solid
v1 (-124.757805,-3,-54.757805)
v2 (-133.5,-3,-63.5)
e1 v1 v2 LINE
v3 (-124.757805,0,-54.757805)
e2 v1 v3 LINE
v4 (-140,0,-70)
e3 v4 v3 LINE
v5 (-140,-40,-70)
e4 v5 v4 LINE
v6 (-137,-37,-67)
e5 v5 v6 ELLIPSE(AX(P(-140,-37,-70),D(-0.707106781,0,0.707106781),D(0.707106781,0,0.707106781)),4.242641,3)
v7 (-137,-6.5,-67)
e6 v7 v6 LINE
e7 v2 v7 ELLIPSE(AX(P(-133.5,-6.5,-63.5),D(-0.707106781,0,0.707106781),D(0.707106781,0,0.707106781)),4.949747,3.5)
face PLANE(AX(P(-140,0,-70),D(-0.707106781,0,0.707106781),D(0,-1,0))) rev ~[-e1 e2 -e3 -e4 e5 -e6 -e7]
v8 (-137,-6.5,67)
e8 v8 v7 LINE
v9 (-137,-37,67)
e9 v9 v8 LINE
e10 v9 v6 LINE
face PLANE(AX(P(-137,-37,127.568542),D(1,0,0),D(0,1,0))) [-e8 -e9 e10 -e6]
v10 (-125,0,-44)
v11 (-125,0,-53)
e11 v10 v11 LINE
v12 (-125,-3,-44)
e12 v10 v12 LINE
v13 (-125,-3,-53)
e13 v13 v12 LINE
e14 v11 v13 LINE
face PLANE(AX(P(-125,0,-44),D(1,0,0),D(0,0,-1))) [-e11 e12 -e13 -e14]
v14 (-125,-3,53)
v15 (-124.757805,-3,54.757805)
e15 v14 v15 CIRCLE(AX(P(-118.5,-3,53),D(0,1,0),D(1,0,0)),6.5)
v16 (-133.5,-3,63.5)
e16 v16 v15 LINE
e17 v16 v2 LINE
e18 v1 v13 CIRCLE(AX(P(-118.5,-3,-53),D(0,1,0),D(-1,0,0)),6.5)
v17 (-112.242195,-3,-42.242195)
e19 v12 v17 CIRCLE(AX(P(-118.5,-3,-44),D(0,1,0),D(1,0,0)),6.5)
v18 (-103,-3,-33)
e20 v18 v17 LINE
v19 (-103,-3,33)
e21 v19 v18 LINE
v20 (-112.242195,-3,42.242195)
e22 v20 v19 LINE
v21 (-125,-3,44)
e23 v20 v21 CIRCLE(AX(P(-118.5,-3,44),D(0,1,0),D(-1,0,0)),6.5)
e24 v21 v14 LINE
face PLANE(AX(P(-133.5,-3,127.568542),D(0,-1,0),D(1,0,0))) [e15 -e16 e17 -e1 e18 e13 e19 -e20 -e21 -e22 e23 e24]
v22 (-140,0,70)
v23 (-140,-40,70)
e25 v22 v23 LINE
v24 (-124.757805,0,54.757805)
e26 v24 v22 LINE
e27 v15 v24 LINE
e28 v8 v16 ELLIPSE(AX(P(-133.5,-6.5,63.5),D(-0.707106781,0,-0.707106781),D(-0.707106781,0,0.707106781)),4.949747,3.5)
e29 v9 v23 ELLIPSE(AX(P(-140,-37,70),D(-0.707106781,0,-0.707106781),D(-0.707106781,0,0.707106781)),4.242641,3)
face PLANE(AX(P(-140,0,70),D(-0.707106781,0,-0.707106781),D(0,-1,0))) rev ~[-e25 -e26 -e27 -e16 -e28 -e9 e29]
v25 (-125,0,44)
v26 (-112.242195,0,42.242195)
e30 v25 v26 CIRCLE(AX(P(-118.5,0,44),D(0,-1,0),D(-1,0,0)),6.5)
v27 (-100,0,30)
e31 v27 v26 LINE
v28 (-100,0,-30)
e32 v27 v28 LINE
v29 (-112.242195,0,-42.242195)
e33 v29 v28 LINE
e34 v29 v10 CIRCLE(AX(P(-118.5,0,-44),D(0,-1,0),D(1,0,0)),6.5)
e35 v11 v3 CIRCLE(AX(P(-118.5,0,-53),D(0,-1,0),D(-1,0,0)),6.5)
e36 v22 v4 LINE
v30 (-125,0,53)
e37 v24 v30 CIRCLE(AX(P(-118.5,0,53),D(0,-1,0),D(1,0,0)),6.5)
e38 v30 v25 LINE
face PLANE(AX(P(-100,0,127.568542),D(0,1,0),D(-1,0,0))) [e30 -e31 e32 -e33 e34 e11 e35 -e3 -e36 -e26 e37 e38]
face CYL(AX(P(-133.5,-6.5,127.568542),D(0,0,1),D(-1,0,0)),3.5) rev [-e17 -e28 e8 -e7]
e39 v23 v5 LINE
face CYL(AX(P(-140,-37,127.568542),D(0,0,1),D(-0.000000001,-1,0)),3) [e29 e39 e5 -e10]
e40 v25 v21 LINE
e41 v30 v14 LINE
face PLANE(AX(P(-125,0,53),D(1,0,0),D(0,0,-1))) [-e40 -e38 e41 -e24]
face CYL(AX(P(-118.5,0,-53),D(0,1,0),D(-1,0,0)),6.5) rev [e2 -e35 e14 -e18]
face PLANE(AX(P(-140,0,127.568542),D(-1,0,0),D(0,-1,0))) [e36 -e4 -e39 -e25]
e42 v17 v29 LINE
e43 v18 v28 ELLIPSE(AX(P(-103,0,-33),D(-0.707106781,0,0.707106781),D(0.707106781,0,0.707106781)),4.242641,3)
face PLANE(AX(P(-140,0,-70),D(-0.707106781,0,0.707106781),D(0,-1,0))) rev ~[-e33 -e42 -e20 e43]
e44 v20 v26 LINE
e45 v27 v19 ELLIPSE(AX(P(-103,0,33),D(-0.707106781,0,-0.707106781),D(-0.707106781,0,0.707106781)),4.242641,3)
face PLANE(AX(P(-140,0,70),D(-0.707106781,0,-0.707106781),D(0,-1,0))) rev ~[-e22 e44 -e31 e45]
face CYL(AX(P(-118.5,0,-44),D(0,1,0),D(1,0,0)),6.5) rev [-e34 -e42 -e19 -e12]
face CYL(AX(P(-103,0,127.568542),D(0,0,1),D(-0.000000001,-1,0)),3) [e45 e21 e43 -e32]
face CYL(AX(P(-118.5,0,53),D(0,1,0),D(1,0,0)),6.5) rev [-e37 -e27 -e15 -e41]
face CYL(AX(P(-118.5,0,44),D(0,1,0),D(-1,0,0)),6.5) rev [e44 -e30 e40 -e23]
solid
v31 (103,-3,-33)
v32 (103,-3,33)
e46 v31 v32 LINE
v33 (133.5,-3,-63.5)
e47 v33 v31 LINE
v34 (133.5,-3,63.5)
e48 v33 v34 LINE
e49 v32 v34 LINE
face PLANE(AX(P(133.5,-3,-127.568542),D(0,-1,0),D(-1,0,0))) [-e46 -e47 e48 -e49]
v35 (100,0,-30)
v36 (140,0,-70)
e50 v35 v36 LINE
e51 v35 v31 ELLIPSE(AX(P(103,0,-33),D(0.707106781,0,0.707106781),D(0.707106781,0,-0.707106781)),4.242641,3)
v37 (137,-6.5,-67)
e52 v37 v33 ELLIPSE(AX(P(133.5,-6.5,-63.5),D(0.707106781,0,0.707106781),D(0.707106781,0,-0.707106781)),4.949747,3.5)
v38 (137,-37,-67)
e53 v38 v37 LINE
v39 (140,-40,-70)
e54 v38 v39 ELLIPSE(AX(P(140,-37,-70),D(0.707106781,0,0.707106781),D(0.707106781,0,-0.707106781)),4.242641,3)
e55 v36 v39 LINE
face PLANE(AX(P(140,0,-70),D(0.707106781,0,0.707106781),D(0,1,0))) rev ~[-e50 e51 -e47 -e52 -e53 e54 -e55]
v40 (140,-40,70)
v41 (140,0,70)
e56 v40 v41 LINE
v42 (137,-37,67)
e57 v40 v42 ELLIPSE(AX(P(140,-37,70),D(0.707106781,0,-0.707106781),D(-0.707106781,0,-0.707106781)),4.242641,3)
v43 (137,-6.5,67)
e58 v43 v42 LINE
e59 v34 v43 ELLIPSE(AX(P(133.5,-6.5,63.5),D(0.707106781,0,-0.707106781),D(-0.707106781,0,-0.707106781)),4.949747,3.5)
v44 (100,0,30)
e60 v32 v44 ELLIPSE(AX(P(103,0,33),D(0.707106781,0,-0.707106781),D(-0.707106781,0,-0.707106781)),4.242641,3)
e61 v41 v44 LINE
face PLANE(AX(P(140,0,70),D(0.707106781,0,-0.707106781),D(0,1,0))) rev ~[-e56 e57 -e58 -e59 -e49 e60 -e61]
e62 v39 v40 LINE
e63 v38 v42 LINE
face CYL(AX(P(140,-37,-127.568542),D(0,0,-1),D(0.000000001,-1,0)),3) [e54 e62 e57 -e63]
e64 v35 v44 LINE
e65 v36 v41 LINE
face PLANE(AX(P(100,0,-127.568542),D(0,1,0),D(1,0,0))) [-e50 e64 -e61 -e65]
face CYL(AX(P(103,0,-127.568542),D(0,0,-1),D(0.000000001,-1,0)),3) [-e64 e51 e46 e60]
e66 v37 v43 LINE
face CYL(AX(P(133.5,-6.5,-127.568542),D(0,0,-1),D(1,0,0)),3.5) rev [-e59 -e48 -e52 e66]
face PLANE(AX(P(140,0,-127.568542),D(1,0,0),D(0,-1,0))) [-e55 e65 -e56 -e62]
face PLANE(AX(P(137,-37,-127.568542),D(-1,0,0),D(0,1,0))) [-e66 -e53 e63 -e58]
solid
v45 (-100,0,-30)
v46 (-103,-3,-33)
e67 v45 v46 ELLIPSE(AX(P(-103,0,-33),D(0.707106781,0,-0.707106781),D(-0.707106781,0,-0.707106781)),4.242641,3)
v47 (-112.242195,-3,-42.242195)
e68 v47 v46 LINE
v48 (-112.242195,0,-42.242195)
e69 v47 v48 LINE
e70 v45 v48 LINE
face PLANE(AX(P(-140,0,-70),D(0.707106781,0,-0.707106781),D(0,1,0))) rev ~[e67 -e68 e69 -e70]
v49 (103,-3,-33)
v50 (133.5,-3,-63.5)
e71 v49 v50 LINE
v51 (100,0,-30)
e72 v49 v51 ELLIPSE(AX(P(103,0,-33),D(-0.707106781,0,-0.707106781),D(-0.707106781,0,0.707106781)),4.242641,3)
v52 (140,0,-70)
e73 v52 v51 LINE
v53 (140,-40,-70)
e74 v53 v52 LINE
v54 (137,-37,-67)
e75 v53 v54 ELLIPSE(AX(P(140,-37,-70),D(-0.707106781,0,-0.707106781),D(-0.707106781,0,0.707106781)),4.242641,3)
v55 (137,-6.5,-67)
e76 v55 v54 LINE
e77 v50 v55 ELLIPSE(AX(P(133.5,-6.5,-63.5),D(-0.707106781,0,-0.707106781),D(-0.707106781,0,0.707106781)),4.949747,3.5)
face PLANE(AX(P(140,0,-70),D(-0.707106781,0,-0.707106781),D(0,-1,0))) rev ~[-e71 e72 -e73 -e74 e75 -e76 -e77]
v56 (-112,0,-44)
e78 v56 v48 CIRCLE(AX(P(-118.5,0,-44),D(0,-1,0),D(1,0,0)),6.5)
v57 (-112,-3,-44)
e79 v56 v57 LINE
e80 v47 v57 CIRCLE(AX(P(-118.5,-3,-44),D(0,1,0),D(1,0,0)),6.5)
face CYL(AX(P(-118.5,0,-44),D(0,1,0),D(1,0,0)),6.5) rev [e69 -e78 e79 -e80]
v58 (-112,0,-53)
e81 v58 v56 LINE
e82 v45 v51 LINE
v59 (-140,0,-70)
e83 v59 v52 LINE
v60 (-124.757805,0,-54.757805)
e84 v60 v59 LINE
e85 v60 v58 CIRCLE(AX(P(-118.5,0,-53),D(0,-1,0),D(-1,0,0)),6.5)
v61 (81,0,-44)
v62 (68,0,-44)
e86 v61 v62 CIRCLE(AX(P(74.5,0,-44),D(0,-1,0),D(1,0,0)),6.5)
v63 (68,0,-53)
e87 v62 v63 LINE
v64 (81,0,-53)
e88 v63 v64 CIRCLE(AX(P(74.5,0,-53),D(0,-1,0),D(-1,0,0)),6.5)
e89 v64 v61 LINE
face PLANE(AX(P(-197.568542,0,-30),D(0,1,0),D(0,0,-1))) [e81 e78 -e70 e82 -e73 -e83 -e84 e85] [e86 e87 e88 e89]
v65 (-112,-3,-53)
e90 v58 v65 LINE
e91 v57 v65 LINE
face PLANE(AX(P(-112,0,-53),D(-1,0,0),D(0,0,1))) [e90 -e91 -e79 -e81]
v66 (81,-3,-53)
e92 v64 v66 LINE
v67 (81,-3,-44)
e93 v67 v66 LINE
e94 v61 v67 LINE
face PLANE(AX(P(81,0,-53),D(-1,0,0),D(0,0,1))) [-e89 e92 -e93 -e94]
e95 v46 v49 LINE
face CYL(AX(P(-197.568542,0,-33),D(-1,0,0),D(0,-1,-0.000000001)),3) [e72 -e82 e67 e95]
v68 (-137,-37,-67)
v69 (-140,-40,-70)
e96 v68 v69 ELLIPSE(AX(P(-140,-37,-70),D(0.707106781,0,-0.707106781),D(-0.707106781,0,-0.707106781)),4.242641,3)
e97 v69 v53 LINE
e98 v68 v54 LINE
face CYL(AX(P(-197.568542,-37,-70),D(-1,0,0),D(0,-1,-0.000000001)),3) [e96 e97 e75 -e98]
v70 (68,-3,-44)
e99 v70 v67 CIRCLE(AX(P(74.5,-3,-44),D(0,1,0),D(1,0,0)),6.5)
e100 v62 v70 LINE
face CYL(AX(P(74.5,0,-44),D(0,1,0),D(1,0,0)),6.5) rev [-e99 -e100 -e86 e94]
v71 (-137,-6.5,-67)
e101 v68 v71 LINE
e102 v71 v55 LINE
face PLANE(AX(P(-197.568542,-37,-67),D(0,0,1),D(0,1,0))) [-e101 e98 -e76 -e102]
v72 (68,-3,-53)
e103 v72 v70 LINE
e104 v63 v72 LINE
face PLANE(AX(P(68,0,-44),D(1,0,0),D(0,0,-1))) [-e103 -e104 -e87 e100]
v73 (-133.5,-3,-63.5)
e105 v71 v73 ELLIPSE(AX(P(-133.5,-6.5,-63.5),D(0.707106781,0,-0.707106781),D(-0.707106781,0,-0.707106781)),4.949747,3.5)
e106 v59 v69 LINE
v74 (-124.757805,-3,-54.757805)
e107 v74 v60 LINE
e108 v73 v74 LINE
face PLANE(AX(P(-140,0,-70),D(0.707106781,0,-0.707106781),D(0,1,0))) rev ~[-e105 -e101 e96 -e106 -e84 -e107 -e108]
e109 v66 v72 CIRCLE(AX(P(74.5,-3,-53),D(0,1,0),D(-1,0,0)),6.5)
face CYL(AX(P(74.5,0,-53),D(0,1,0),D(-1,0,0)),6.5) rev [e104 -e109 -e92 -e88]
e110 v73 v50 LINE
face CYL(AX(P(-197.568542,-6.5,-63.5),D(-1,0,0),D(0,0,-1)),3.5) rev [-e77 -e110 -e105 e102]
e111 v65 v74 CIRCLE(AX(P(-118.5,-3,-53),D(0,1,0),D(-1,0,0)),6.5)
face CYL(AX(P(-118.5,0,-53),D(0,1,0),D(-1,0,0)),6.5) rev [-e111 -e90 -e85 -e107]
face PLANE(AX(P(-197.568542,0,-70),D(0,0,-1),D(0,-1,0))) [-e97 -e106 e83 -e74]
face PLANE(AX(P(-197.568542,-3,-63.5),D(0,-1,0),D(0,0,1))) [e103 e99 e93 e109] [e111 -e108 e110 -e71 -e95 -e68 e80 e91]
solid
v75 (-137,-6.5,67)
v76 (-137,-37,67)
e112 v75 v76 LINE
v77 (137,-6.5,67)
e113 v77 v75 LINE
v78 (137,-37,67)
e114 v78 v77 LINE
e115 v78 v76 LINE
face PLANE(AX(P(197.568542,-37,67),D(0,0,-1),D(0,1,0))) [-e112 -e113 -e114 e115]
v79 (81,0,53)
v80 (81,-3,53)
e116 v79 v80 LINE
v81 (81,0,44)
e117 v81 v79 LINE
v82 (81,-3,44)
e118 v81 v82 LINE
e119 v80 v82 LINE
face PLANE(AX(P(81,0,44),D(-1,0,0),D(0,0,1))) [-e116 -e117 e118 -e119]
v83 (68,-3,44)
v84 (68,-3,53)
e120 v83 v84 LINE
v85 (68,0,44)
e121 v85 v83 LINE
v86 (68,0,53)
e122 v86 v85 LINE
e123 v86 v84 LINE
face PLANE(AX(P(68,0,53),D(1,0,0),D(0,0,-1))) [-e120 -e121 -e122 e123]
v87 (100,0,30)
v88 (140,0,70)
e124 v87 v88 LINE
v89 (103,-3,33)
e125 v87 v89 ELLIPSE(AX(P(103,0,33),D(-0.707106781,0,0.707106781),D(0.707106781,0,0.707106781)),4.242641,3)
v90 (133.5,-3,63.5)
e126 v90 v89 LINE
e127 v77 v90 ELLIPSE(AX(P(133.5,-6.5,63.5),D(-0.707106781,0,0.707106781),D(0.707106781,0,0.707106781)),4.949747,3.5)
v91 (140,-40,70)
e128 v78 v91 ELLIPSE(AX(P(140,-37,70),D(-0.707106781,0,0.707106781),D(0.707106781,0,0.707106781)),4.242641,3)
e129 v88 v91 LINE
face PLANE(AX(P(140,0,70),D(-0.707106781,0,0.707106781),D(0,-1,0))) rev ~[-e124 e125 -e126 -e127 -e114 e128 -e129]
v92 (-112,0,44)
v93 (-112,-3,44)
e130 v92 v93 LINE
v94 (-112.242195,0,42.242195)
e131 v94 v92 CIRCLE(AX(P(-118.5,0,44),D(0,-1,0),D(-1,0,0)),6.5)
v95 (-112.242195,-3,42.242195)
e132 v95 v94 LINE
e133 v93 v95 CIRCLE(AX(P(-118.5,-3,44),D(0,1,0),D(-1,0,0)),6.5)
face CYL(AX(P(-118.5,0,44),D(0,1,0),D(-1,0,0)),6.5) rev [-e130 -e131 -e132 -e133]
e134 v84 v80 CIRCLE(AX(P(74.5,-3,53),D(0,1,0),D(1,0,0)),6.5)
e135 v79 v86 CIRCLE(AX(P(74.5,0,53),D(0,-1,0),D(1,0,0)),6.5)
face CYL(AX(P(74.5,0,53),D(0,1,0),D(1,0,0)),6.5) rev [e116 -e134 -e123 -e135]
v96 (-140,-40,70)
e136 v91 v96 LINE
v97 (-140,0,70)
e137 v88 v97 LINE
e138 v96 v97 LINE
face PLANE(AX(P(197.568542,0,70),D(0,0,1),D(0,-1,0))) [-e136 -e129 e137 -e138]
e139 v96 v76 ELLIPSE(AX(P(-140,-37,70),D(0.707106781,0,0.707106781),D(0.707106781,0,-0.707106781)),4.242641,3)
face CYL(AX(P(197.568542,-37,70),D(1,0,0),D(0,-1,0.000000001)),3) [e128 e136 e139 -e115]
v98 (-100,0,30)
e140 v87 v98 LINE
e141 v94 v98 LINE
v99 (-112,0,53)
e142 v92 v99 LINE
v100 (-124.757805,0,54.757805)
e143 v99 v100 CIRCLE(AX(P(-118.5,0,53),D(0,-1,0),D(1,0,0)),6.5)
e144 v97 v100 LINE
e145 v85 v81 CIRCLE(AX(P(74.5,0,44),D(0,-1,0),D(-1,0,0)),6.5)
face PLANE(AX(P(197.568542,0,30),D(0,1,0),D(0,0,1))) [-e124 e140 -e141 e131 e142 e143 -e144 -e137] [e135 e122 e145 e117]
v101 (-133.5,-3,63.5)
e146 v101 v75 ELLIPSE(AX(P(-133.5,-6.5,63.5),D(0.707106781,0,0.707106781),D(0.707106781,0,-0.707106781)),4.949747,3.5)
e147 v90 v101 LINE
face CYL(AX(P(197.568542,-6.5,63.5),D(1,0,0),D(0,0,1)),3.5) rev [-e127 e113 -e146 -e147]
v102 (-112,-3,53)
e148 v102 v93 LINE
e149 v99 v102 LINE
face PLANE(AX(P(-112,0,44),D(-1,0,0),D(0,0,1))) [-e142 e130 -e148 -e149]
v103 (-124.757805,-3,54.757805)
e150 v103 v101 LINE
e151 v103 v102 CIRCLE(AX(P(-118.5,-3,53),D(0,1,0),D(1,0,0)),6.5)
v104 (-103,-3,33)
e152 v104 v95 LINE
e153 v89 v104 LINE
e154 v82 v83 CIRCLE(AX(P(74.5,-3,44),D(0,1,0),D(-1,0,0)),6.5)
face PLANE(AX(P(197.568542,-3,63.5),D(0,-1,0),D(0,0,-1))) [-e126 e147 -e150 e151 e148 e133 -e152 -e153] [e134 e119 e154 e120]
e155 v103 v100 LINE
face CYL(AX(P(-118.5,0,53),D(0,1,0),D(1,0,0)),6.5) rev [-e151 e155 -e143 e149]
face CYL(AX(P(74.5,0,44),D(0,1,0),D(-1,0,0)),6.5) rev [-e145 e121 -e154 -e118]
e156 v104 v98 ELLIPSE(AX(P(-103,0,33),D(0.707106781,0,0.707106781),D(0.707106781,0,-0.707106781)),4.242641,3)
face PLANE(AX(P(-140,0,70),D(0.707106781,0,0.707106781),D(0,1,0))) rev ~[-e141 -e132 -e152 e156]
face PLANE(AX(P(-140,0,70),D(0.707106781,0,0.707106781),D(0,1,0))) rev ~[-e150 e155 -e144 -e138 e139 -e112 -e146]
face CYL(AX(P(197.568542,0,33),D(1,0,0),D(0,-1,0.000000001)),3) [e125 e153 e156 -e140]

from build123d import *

# Parameters (mm, degrees)
IRON_V40X40X3_1_DEPTH      = 197.568542495
IRON_V40X40X3_1_DEPTH_BACK = 57.568542495
IRON_V40X40X3_1_2_DEPTH    = 395.13708499
IRON_V40X40X3_1_3_DEPTH    = 255.13708499
IRON_V40X40X3_1_4_DEPTH    = 395.13708499
CUT_EXTRUDE1_DEPTH         = 10


with BuildPart() as part:
    # Sketch1 → Iron V40X40X3(1) (new, two sides: drawn at the far end of the back side and taken through both)
    with BuildSketch(Plane(origin=(-140, 0, 70), x_dir=(1, 0, 0), z_dir=(0, 0, -1)).offset(-IRON_V40X40X3_1_DEPTH_BACK)):
        with BuildLine():
            Line((0, 0), (0, 40))
            ThreePointArc((0, 40), (2.121320344, 39.121320344), (3, 37))
            Line((3, 37), (3, 6.5))
            ThreePointArc((3, 6.5), (4.025126266, 4.025126266), (6.5, 3))
            Line((6.5, 3), (37, 3))
            ThreePointArc((37, 3), (39.121320344, 2.121320344), (40, 0))
            Line((40, 0), (0, 0))
        make_face()
    extrude(amount=IRON_V40X40X3_1_DEPTH + IRON_V40X40X3_1_DEPTH_BACK)

    # Iron V40X40X3(1) mitre 1
    split(bisect_by=Plane(origin=(-140, 0, 70), x_dir=(0, -1, 0), z_dir=(-0.707106781, 0, -0.707106781)), keep=Keep.TOP)

    # Iron V40X40X3(1) mitre 2
    split(bisect_by=Plane(origin=(-140, 0, -70), x_dir=(0, -1, 0), z_dir=(-0.707106781, 0, 0.707106781)), keep=Keep.TOP)


with BuildPart() as body_2:
    # Sketch1 on segment 2 (carried to segment 2) → Iron V40X40X3_1 2 (new body)
    with BuildSketch(Plane(origin=(-197.568542495, 0, -70), x_dir=(0, 0, 1), z_dir=(1, 0, 0))):
        with BuildLine():
            Line((0, 0), (0, 40))
            ThreePointArc((0, 40), (2.121320344, 39.121320344), (3, 37))
            Line((3, 37), (3, 6.5))
            ThreePointArc((3, 6.5), (4.025126266, 4.025126266), (6.5, 3))
            Line((6.5, 3), (37, 3))
            ThreePointArc((37, 3), (39.121320344, 2.121320344), (40, 0))
            Line((40, 0), (0, 0))
        make_face()
    extrude(amount=IRON_V40X40X3_1_2_DEPTH)

    # Iron V40X40X3_1 2 mitre 1
    split(bisect_by=Plane(origin=(-140, 0, -70), x_dir=(0, 1, 0), z_dir=(0.707106781, 0, -0.707106781)), keep=Keep.TOP)

    # Iron V40X40X3_1 2 mitre 2
    split(bisect_by=Plane(origin=(140, 0, -70), x_dir=(0, -1, 0), z_dir=(-0.707106781, 0, -0.707106781)), keep=Keep.TOP)


with BuildPart() as body_3:
    # Sketch1 on segment 3 (carried to segment 3) → Iron V40X40X3_1 3 (new body)
    with BuildSketch(Plane(origin=(140, 0, -127.568542495), x_dir=(-1, 0, 0), z_dir=(0, 0, 1))):
        with BuildLine():
            Line((0, 0), (0, 40))
            ThreePointArc((0, 40), (2.121320344, 39.121320344), (3, 37))
            Line((3, 37), (3, 6.5))
            ThreePointArc((3, 6.5), (4.025126266, 4.025126266), (6.5, 3))
            Line((6.5, 3), (37, 3))
            ThreePointArc((37, 3), (39.121320344, 2.121320344), (40, 0))
            Line((40, 0), (0, 0))
        make_face()
    extrude(amount=IRON_V40X40X3_1_3_DEPTH)

    # Iron V40X40X3_1 3 mitre 1
    split(bisect_by=Plane(origin=(140, 0, 70), x_dir=(0, 1, 0), z_dir=(0.707106781, 0, -0.707106781)), keep=Keep.TOP)

    # Iron V40X40X3_1 3 mitre 2
    split(bisect_by=Plane(origin=(140, 0, -70), x_dir=(0, 1, 0), z_dir=(0.707106781, 0, 0.707106781)), keep=Keep.TOP)


with BuildPart() as body_4:
    # Sketch1 on segment 4 (carried to segment 4) → Iron V40X40X3_1 4 (new body)
    with BuildSketch(Plane(origin=(197.568542495, 0, 70), x_dir=(0, 0, -1), z_dir=(-1, 0, 0))):
        with BuildLine():
            Line((0, 0), (0, 40))
            ThreePointArc((0, 40), (2.121320344, 39.121320344), (3, 37))
            Line((3, 37), (3, 6.5))
            ThreePointArc((3, 6.5), (4.025126266, 4.025126266), (6.5, 3))
            Line((6.5, 3), (37, 3))
            ThreePointArc((37, 3), (39.121320344, 2.121320344), (40, 0))
            Line((40, 0), (0, 0))
        make_face()
    extrude(amount=IRON_V40X40X3_1_4_DEPTH)

    # Iron V40X40X3_1 4 mitre 1
    split(bisect_by=Plane(origin=(-140, 0, 70), x_dir=(0, 1, 0), z_dir=(0.707106781, 0, 0.707106781)), keep=Keep.TOP)

    # Iron V40X40X3_1 4 mitre 2
    split(bisect_by=Plane(origin=(140, 0, 70), x_dir=(0, -1, 0), z_dir=(-0.707106781, 0, 0.707106781)), keep=Keep.TOP)


with BuildPart() as cut_extrude1_tool:
    # Sketch2 → Cut-Extrude1 (new body)
    with BuildSketch(Plane(origin=(0, 0, 0), x_dir=(1, 0, 0), z_dir=(0, 1, 0))):
        with BuildLine():
            Line((81, 53), (81, 44))
            ThreePointArc((81, 44), (74.5, 37.5), (68, 44))
            Line((68, 44), (68, 53))
            ThreePointArc((68, 53), (74.5, 59.5), (81, 53))
        make_face()
        with BuildLine():
            Line((-112, 53), (-112, 44))
            ThreePointArc((-112, 44), (-118.5, 37.5), (-125, 44))
            Line((-125, 44), (-125, 53))
            ThreePointArc((-125, 53), (-118.5, 59.5), (-112, 53))
        make_face()
        with BuildLine():
            Line((-112, -44), (-112, -53))
            ThreePointArc((-112, -53), (-118.5, -59.5), (-125, -53))
            Line((-125, -53), (-125, -44))
            ThreePointArc((-125, -44), (-118.5, -37.5), (-112, -44))
        make_face()
        with BuildLine():
            Line((81, -44), (81, -53))
            ThreePointArc((81, -53), (74.5, -59.5), (68, -53))
            Line((68, -53), (68, -44))
            ThreePointArc((68, -44), (74.5, -37.5), (81, -44))
        make_face()
    extrude(amount=-CUT_EXTRUDE1_DEPTH)


with BuildPart() as part_1:
    add(part.part)

    # Cut-Extrude1: cut by cut_extrude1_tool
    add(cut_extrude1_tool.part, mode=Mode.SUBTRACT)


with BuildPart() as body_2_1:
    add(body_2.part)

    # Cut-Extrude1: cut by cut_extrude1_tool
    add(cut_extrude1_tool.part, mode=Mode.SUBTRACT)


with BuildPart() as body_4_1:
    add(body_4.part)

    # Cut-Extrude1: cut by cut_extrude1_tool
    add(cut_extrude1_tool.part, mode=Mode.SUBTRACT)


solid = Compound([body_3.part, part_1.part, body_2_1.part, body_4_1.part])
